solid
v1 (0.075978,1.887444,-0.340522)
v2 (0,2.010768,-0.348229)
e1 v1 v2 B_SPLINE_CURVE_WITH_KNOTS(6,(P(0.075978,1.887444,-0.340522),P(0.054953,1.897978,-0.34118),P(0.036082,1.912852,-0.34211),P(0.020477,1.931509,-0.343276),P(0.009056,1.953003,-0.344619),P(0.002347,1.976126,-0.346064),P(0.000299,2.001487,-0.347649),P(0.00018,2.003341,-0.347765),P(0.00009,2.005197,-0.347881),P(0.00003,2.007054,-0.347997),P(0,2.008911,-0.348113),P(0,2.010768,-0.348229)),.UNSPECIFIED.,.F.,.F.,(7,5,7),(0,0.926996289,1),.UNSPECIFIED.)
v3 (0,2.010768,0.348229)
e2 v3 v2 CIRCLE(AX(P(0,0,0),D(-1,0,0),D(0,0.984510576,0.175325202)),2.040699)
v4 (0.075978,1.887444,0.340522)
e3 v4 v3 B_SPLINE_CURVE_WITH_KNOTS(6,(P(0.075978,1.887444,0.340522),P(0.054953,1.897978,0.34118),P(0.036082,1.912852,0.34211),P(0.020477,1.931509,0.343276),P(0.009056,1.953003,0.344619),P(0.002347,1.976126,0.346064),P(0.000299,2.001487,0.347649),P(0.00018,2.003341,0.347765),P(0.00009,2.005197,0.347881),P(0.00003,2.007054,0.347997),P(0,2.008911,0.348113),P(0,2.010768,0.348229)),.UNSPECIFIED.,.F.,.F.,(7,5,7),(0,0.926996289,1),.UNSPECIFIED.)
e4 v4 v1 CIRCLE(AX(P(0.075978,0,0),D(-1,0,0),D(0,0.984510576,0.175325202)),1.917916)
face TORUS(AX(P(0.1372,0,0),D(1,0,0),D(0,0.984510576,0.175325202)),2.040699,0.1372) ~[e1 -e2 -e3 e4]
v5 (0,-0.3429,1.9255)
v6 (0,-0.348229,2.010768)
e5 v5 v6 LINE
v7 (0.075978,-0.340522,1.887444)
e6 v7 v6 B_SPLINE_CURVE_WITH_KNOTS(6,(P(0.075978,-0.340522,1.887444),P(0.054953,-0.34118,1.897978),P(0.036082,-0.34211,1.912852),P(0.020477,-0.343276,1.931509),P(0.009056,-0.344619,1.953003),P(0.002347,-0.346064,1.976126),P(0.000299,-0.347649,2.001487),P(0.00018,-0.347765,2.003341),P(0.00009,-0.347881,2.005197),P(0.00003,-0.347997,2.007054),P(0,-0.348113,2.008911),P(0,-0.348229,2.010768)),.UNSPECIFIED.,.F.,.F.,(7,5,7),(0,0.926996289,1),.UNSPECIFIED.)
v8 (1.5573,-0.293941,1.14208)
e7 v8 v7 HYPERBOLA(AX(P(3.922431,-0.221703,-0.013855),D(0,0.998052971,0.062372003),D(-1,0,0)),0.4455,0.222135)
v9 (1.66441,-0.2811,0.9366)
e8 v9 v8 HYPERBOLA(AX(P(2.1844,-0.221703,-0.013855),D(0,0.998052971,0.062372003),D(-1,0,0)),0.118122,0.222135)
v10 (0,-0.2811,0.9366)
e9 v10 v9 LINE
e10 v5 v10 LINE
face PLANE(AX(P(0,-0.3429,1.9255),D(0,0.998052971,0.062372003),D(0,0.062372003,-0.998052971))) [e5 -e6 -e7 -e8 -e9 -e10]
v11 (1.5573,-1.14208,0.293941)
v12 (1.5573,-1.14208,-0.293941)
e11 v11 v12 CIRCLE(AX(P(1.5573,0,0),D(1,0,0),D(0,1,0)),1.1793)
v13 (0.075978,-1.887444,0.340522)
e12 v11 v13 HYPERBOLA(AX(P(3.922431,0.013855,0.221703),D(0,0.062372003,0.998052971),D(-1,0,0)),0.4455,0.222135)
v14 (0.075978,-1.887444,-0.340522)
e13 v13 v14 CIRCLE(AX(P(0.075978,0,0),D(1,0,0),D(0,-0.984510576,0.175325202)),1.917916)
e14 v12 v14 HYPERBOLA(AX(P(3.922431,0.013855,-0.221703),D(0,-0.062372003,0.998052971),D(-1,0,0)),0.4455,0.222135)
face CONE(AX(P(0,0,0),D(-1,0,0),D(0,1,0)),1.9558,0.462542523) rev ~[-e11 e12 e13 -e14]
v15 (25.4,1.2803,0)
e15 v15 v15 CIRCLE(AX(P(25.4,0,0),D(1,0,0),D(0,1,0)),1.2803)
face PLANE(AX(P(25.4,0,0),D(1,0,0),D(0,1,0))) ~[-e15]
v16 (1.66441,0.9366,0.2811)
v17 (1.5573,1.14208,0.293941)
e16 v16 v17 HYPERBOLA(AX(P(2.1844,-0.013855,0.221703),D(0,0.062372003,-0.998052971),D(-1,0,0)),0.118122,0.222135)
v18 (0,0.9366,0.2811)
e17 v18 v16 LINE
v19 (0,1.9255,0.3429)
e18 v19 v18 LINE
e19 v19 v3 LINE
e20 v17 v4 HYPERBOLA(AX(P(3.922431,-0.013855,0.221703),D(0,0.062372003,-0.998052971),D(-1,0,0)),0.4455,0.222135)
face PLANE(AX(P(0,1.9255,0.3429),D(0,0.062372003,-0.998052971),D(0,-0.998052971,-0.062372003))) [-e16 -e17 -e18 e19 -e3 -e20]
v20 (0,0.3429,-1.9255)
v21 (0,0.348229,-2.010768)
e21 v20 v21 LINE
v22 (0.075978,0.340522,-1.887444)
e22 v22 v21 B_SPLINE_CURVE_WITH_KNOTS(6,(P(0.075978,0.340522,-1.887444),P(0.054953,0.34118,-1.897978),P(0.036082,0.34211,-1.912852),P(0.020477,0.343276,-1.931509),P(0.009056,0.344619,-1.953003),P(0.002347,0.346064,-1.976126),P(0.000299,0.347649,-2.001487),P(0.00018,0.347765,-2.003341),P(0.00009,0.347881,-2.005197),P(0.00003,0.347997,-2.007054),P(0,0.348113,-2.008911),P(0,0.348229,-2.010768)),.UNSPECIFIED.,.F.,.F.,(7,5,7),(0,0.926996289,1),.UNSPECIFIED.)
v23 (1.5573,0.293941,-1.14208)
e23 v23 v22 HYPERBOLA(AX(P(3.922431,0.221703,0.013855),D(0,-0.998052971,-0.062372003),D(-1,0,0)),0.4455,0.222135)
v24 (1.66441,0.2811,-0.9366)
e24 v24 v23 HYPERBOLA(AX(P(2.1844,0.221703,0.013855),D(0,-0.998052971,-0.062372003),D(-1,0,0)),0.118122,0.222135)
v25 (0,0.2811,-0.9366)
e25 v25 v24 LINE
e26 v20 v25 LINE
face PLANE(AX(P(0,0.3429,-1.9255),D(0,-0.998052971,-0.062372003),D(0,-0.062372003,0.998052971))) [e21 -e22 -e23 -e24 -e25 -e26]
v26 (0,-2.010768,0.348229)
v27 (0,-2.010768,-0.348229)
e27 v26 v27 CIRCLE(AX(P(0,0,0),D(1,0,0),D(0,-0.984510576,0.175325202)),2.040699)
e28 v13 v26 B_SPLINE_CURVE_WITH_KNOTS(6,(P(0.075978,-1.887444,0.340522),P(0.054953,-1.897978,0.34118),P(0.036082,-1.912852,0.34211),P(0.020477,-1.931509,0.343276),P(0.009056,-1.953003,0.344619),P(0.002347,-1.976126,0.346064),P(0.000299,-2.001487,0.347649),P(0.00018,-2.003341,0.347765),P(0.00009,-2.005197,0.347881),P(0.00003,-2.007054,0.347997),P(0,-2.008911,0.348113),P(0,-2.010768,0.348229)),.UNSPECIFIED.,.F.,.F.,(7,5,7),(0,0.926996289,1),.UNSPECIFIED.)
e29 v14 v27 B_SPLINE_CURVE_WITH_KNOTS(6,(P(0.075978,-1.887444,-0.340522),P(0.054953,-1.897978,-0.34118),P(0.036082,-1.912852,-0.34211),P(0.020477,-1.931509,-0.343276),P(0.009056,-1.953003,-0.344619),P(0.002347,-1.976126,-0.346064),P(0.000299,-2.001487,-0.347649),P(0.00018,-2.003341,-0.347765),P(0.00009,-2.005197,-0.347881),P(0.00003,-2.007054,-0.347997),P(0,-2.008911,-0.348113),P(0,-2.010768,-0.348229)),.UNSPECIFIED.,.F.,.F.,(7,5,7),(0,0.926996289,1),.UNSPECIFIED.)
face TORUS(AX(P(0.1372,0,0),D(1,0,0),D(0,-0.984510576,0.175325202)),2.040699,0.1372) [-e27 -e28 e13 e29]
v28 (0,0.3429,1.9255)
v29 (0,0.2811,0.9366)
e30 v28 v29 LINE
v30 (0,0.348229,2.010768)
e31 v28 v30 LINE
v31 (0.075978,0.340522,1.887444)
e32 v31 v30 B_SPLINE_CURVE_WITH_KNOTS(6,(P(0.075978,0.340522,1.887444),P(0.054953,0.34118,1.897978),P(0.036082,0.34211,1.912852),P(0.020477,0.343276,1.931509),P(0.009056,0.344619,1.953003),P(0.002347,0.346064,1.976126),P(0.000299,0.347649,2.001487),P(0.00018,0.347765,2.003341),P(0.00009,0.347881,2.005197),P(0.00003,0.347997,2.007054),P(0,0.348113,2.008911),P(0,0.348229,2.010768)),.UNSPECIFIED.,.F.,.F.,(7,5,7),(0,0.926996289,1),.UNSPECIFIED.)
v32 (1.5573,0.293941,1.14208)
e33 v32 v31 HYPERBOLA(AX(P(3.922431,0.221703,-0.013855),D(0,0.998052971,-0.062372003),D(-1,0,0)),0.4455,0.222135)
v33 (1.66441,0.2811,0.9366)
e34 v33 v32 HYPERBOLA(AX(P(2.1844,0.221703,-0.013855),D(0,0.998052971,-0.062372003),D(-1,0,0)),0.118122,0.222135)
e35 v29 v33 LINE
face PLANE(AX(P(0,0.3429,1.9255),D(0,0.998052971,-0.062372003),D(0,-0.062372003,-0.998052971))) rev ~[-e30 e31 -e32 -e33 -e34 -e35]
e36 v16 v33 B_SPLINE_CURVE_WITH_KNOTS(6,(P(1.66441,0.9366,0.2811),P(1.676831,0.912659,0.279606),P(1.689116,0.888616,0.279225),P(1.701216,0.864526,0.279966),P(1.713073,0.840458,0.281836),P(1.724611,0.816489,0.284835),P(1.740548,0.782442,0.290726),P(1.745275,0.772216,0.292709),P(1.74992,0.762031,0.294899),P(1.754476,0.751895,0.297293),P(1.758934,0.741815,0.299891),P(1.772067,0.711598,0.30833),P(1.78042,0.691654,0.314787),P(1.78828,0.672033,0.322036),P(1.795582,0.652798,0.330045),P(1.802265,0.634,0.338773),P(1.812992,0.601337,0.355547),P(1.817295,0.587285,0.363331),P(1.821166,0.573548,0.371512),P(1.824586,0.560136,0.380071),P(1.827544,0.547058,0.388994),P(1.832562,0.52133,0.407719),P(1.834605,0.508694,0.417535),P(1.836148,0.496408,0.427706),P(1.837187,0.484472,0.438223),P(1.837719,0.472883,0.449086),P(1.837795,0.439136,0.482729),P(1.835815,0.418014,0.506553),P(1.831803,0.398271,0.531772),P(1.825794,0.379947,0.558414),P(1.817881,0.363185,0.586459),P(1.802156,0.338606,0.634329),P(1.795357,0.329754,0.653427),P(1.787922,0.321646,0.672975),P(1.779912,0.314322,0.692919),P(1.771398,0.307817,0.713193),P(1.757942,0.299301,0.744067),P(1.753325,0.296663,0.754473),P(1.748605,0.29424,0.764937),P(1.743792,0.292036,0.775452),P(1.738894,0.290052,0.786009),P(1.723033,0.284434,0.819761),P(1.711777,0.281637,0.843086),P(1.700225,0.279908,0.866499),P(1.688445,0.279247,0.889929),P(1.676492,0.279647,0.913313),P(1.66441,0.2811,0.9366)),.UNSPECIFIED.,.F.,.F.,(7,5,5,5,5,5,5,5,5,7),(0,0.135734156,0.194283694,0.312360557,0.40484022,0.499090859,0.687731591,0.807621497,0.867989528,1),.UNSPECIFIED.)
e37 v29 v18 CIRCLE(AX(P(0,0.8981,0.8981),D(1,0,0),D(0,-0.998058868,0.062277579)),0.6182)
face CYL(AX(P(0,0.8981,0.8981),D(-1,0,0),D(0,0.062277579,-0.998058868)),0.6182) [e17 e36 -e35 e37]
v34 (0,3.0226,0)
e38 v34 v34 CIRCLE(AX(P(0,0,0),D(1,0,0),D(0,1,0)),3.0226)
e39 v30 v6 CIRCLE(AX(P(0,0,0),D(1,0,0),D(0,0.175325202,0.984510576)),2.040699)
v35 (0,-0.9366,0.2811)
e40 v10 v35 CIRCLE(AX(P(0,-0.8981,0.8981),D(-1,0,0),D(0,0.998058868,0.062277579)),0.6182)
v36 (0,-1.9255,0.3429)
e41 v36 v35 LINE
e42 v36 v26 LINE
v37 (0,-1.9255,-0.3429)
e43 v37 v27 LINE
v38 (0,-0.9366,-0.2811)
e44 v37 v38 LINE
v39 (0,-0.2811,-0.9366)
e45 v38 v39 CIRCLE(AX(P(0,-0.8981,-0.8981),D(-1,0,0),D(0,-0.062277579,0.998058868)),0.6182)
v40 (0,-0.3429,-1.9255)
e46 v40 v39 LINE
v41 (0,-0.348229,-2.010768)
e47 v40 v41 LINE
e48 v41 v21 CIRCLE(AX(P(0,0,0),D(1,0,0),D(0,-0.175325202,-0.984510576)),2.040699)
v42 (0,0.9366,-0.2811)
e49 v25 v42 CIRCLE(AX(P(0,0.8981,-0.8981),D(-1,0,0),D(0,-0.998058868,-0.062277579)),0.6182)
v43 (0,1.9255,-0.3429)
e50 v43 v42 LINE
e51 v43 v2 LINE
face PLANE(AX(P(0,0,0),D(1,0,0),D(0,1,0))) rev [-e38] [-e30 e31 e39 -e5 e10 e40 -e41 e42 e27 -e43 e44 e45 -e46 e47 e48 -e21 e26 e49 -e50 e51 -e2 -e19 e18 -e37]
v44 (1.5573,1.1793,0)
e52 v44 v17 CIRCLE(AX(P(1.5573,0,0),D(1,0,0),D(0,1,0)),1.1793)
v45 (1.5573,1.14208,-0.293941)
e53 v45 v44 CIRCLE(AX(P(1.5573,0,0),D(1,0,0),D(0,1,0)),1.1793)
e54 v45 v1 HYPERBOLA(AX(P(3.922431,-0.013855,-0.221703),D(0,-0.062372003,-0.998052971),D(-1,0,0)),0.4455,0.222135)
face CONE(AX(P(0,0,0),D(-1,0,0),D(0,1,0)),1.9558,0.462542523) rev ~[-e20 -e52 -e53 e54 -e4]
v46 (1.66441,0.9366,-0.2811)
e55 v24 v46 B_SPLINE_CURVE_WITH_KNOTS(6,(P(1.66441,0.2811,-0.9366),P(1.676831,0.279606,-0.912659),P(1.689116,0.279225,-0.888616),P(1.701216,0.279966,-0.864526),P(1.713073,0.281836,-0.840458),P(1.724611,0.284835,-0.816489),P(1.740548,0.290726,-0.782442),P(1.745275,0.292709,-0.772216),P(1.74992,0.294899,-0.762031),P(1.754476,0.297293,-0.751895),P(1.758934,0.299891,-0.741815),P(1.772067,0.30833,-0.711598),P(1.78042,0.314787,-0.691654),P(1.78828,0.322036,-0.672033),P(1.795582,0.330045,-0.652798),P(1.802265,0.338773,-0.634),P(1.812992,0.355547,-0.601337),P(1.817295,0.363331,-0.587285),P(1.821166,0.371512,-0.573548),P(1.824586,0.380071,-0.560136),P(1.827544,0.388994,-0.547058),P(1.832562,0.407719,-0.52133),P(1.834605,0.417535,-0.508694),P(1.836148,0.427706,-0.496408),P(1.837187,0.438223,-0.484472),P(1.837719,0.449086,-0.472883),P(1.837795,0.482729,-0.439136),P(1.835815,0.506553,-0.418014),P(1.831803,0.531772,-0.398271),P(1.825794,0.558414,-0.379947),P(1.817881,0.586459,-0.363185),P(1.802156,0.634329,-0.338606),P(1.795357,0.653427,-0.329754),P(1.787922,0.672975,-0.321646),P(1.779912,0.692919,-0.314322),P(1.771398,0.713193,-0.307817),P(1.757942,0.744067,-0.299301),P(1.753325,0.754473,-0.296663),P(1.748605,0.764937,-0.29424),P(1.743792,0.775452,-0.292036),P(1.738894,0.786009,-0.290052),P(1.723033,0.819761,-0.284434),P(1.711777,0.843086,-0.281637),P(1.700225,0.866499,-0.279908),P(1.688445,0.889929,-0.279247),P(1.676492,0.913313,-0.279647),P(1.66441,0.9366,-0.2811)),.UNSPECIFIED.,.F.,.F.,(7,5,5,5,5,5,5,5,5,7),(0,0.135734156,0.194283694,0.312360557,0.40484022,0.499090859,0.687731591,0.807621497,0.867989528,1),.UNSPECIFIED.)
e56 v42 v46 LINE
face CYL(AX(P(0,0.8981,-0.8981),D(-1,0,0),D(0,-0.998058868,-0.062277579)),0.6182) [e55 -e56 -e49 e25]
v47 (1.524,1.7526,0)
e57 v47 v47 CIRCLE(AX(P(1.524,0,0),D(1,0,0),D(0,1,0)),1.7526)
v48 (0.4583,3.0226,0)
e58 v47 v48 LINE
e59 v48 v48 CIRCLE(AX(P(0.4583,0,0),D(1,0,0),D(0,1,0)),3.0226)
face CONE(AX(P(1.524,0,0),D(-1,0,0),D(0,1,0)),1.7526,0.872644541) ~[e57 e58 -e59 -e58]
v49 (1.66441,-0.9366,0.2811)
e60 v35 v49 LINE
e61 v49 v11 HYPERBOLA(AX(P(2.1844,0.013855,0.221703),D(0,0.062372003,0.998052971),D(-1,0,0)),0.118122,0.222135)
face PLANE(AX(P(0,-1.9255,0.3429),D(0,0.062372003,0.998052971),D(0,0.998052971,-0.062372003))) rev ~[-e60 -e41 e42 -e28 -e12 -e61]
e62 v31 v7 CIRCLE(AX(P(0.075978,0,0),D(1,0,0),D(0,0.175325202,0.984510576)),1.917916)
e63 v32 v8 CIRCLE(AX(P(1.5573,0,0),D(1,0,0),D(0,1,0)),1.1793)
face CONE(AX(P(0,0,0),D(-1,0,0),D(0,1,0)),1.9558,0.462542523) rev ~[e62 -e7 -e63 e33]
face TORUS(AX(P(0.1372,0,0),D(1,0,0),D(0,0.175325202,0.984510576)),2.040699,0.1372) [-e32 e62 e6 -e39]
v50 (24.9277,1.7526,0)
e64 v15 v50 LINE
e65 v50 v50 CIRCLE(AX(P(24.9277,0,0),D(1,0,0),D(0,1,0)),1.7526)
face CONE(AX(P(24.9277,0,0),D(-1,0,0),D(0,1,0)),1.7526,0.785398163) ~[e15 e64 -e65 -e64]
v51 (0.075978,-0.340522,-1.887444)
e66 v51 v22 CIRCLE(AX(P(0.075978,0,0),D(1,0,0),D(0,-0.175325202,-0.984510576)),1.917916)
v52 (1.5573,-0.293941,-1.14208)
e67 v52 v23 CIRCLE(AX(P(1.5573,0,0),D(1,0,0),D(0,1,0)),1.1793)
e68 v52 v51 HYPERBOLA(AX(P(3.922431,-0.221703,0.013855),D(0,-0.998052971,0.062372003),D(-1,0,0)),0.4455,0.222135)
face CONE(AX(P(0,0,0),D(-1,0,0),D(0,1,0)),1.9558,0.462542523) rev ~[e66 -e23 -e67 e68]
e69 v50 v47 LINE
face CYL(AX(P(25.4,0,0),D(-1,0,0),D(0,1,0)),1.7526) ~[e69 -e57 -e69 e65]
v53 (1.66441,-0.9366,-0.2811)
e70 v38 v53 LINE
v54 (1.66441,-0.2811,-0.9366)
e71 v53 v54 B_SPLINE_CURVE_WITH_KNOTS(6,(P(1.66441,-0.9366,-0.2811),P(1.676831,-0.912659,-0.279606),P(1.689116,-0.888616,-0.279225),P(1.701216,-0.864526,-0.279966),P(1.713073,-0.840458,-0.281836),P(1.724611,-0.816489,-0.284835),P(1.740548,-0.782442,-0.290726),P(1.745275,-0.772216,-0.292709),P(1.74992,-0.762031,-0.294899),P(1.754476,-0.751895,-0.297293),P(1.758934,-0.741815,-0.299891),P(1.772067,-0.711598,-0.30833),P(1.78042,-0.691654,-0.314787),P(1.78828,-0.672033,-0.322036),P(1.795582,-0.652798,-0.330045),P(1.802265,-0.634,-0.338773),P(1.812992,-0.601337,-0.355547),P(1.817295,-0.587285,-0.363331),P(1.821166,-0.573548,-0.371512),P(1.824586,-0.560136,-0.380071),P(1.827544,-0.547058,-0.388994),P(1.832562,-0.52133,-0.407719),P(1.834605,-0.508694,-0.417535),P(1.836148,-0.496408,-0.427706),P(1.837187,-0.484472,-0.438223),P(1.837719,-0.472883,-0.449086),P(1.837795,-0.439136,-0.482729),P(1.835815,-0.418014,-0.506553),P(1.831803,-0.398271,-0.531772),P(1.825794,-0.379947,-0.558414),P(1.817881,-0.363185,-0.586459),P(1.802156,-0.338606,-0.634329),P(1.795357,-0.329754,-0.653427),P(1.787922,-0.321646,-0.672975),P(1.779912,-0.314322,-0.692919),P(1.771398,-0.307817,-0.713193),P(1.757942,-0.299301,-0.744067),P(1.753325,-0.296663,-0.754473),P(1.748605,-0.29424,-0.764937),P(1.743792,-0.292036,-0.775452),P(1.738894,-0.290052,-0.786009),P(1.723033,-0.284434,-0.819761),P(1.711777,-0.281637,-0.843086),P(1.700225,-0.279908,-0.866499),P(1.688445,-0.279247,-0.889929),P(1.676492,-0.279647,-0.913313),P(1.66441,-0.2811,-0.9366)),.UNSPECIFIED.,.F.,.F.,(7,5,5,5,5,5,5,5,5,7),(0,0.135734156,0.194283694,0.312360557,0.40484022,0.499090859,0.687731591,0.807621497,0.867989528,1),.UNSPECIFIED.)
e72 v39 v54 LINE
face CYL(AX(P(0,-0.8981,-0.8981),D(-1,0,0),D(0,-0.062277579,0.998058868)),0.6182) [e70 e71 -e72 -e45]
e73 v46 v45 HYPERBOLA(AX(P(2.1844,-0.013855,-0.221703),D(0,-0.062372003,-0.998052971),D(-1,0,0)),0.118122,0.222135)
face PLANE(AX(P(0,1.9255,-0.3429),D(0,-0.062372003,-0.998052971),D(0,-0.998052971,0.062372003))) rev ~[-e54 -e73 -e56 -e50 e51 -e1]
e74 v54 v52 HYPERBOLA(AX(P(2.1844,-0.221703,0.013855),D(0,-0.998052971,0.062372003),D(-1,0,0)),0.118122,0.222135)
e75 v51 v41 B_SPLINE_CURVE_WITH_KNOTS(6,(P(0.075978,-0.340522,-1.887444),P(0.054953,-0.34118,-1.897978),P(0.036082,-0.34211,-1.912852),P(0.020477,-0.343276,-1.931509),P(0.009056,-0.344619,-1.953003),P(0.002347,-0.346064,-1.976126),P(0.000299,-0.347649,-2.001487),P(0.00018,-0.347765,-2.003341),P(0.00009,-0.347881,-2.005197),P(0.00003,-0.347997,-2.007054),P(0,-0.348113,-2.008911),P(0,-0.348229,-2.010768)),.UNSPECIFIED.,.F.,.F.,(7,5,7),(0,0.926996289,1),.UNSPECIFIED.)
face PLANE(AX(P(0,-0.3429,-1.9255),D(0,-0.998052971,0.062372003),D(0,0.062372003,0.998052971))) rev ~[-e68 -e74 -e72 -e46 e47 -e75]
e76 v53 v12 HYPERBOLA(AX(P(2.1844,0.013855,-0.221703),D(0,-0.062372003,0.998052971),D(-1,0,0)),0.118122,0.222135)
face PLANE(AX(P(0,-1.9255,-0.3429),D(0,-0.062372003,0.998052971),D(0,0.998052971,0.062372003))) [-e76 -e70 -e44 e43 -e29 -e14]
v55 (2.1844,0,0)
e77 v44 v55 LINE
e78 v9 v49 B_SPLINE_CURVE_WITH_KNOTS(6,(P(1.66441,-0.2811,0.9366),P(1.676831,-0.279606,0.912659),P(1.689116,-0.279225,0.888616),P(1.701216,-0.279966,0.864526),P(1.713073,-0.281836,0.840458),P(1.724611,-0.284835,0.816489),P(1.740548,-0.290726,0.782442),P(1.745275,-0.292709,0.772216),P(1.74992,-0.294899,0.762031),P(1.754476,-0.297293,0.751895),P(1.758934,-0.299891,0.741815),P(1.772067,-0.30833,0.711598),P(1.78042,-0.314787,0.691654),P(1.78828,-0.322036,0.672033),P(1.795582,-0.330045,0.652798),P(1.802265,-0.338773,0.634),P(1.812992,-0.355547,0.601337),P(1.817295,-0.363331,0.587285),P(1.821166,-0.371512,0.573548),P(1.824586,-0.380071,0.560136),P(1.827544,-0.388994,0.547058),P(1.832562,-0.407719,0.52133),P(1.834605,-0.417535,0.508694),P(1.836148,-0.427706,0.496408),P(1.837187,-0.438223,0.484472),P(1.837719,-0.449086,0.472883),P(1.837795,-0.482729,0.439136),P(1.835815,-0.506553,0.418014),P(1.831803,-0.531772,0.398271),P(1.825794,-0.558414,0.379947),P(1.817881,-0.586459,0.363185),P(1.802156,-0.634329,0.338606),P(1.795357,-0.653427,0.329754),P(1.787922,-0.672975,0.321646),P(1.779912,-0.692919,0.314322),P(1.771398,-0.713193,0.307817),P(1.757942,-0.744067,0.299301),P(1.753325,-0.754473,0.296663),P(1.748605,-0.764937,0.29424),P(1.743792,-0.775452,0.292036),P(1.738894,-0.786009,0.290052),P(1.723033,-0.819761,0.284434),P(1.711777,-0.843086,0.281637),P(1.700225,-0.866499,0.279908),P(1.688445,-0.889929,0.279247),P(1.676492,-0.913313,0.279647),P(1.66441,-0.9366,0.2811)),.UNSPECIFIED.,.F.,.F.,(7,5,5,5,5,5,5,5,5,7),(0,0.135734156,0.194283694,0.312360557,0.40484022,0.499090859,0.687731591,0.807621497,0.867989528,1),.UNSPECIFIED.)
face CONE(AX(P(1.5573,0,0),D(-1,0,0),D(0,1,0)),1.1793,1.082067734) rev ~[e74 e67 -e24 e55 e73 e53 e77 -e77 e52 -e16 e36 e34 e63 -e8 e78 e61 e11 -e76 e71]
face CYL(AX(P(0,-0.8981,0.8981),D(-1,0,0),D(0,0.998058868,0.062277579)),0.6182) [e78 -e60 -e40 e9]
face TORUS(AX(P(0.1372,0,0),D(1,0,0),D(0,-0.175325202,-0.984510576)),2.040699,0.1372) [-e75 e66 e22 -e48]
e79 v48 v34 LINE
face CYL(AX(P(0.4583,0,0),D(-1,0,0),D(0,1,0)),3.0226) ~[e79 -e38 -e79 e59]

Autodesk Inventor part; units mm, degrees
ref_plane "YZ Plane" through (0, 0, 0) normal (1, 0, 0) x (0, 1, 0)
ref_plane "XZ Plane" through (0, 0, 0) normal (0, 1, 0) x (-1, 0, 0)
sketch "Sketch1" plane through (0, 0, 0) normal (0, 0, 1) x (1, 0, 0)
  line L0 (2.1844, 0) -> (25.4, 0)
  line L1 (25.4, 0) -> (25.4, 1.7526)
  line L2 (25.4, 1.7526) -> (1.524, 1.7526)
  line L3 (0.4583, 3.0226) -> (0, 3.0226)
  line L4 (-5.08, 0) -> (30.48, 0) projected
  line L5 (0, -0.6045) -> (0, 3.6271) projected
  line L6 (0, 1.9558) -> (1.5573, 1.1793)
  line L7 (1.5573, 1.1793) -> (2.1844, 0)
  line L8 (1.524, 1.7526) -> (0.4583, 3.0226)
  line L9 (0, 3.0226) -> (0, 1.9558)
  dimension "d2" = 3.5052
  dimension "d3" = 6.0452
  dimension "d4" = 2.1844
  dimension "d5" = 3.9116
  dimension "d6" = 26.5
  dimension "d7" = 62
  dimension "d13" = 50
  dimension "d14" = 1.524
  dimension "d15" = 25.4
revolve "Body" add sketch "Sketch1" angle 360 about axis through (2.1844, 0, 0) along (1, 0, 0) contours L7 L6 L5 L3 L8 L2 L1 L0
sketch "Sketch2" plane through (0, 0, 0) normal (-1, 0, 0) x (0, 0, 1)
  line L0 (0, -4.2316) -> (0, 4.2316) projected
  line L1 (-4.2316, 0) -> (4.2316, 0) projected
  line L2 (0, 1.9558) -> (0, 0) construction
  line L3 (0, 0) -> (1.9558, 0) construction
  arc A0 (0.6519, 0) -> (0, 0.6519) centre (0, 0) ccw
  line L4 (0, 0) -> (0.7947, 0.7947) construction
  arc A1 (0.9779, 0) -> (0, 0.9779) centre (0, 0) ccw construction
  line L5 (0.3429, 1.9255) -> (0.2811, 0.9366)
  line L6 (1.9255, 0.3429) -> (0.9366, 0.2811)
  arc A2 (0.2811, 0.9366) -> (0.9366, 0.2811) centre (0.8981, 0.8981) ccw
  arc A3 (1.9558, 0) -> (1.9255, 0.3429) centre (0, 0) ccw
  arc A4 (0.3429, 1.9255) -> (0, 1.9558) centre (0, 0) ccw
  arc A5 (1.9255, 0.3429) -> (0.3429, 1.9255) centre (0, 0) ccw
  line L7 (0.3429, -1.9255) -> (0.2811, -0.9366)
  line L8 (1.9255, -0.3429) -> (0.9366, -0.2811)
  arc A6 (0.9366, -0.2811) -> (0.2811, -0.9366) centre (0.8981, -0.8981) ccw
  arc A7 (1.9255, -0.3429) -> (1.9558, 0) centre (0, 0) ccw
  arc A8 (0, -1.9558) -> (0.3429, -1.9255) centre (0, 0) ccw
  arc A9 (0.3429, -1.9255) -> (1.9255, -0.3429) centre (0, 0) ccw
  line L9 (-0.3429, 1.9255) -> (-0.2811, 0.9366)
  line L10 (-1.9255, 0.3429) -> (-0.9366, 0.2811)
  arc A10 (-0.9366, 0.2811) -> (-0.2811, 0.9366) centre (-0.8981, 0.8981) ccw
  arc A11 (-1.9255, 0.3429) -> (-1.9558, 0) centre (0, 0) ccw
  arc A12 (0, 1.9558) -> (-0.3429, 1.9255) centre (0, 0) ccw
  arc A13 (-0.3429, 1.9255) -> (-1.9255, 0.3429) centre (0, 0) ccw
  arc A14 (-1.9255, -0.3429) -> (-0.3429, -1.9255) centre (0, 0) ccw
  arc A15 (-0.3429, -1.9255) -> (0, -1.9558) centre (0, 0) ccw
  arc A16 (-1.9558, 0) -> (-1.9255, -0.3429) centre (0, 0) ccw
  line L11 (-1.9255, -0.3429) -> (-0.9366, -0.2811)
  arc A17 (-0.2811, -0.9366) -> (-0.9366, -0.2811) centre (-0.8981, -0.8981) ccw
  line L12 (-0.3429, -1.9255) -> (-0.2811, -0.9366)
  dimension "d18" = 45
  dimension "d19" = 1.3039
  dimension "d20" = 1.9558
  dimension "d21" = 3.9116
  dimension "d22" = 0.3429
extrude "Slot" add sketch "Sketch2" against normal up to next contours A2 L5 A5 L6 | L9 A10 L10 A13 | L7 A6 L8 A9 | A14 L11 A17 L12
fillet "Fillet1" radius 0.1372 4 edges at (0, 1.9558, 0) (0, 0, 1.9558) (0, -1.9558, 0) (0, 0, -1.9558)
thread "Thread" size "6-32 UNC" class "2A" standard "ANSI Unified Screw Threads" length 19.05
chamfer "Chamfer1" distance 0.4723 distance2 0.4723 1 edges at (25.4, -1.7526, 0) measured on face at (25.4, -0.4373, -0.5742)
ref_plane "Work Plane2" through (2.032, 0, 0) normal (0, 1, 0) x (1, 0, 0)
equation "\"d2\" = GD"
equation "\"d3\" = KOD"
equation "\"d4\" = INTI"
equation "\"d5\" = SDM"
equation "\"d13\" = 0.5 * SEWI"
equation "\"d14\" = KOH"
equation "\"d15\" = NLG"
equation "\"d19\" = 0.333333 * SDM"
equation "\"d20\" = 0.5 * SDM"
equation "\"d21\" = SDM"
equation "\"d22\" = 0.5 * SBR"
equation "\"d45\" = INTI"
equation "\"d25\" = 0.2 * SBR"
equation "\"d9\" = GEL"
equation "\"d11\" = -0.5 * SPD + 0.5 * GD"
equation "\"d12\" = GUL"
equation "\"GD\" = NND"
equation "\"NLG\" = 25.4"
equation "\"GEL\" = 19.05"
equation "\"KOD\" = 6.0452"
equation "\"KOH\" = 1.524"
equation "\"SDM\" = 3.9116"
equation "\"INTI\" = 2.1844"
equation "\"SBR\" = 0.6858"
equation "\"GUL\" = -0.5 * SPD + 0.5 * NND"
equation "\"SPD\" = 2.56064"
equation "\"SEWI\" = 100deg"
equation "\"d0\" = NLG"
equation "\"d1\" = KOH"
equation "\"d17\" = SDM"
equation "\"TOA\" = 30deg"
equation "\"EPV\" = 2.99461"
equation "\"THREADDIA\" = 3.5052"
equation "\"BDM\" = NND"
equation "\"NND\" = 3.5052"
equation "\"GAL\" = 0.79375"
equation "\"GD1\" = SPD"
properties part number "ANSI B18.6.3 - 6-32 UNC x 1, CRFCHMSTII(2)" material "Steel, Mild"
